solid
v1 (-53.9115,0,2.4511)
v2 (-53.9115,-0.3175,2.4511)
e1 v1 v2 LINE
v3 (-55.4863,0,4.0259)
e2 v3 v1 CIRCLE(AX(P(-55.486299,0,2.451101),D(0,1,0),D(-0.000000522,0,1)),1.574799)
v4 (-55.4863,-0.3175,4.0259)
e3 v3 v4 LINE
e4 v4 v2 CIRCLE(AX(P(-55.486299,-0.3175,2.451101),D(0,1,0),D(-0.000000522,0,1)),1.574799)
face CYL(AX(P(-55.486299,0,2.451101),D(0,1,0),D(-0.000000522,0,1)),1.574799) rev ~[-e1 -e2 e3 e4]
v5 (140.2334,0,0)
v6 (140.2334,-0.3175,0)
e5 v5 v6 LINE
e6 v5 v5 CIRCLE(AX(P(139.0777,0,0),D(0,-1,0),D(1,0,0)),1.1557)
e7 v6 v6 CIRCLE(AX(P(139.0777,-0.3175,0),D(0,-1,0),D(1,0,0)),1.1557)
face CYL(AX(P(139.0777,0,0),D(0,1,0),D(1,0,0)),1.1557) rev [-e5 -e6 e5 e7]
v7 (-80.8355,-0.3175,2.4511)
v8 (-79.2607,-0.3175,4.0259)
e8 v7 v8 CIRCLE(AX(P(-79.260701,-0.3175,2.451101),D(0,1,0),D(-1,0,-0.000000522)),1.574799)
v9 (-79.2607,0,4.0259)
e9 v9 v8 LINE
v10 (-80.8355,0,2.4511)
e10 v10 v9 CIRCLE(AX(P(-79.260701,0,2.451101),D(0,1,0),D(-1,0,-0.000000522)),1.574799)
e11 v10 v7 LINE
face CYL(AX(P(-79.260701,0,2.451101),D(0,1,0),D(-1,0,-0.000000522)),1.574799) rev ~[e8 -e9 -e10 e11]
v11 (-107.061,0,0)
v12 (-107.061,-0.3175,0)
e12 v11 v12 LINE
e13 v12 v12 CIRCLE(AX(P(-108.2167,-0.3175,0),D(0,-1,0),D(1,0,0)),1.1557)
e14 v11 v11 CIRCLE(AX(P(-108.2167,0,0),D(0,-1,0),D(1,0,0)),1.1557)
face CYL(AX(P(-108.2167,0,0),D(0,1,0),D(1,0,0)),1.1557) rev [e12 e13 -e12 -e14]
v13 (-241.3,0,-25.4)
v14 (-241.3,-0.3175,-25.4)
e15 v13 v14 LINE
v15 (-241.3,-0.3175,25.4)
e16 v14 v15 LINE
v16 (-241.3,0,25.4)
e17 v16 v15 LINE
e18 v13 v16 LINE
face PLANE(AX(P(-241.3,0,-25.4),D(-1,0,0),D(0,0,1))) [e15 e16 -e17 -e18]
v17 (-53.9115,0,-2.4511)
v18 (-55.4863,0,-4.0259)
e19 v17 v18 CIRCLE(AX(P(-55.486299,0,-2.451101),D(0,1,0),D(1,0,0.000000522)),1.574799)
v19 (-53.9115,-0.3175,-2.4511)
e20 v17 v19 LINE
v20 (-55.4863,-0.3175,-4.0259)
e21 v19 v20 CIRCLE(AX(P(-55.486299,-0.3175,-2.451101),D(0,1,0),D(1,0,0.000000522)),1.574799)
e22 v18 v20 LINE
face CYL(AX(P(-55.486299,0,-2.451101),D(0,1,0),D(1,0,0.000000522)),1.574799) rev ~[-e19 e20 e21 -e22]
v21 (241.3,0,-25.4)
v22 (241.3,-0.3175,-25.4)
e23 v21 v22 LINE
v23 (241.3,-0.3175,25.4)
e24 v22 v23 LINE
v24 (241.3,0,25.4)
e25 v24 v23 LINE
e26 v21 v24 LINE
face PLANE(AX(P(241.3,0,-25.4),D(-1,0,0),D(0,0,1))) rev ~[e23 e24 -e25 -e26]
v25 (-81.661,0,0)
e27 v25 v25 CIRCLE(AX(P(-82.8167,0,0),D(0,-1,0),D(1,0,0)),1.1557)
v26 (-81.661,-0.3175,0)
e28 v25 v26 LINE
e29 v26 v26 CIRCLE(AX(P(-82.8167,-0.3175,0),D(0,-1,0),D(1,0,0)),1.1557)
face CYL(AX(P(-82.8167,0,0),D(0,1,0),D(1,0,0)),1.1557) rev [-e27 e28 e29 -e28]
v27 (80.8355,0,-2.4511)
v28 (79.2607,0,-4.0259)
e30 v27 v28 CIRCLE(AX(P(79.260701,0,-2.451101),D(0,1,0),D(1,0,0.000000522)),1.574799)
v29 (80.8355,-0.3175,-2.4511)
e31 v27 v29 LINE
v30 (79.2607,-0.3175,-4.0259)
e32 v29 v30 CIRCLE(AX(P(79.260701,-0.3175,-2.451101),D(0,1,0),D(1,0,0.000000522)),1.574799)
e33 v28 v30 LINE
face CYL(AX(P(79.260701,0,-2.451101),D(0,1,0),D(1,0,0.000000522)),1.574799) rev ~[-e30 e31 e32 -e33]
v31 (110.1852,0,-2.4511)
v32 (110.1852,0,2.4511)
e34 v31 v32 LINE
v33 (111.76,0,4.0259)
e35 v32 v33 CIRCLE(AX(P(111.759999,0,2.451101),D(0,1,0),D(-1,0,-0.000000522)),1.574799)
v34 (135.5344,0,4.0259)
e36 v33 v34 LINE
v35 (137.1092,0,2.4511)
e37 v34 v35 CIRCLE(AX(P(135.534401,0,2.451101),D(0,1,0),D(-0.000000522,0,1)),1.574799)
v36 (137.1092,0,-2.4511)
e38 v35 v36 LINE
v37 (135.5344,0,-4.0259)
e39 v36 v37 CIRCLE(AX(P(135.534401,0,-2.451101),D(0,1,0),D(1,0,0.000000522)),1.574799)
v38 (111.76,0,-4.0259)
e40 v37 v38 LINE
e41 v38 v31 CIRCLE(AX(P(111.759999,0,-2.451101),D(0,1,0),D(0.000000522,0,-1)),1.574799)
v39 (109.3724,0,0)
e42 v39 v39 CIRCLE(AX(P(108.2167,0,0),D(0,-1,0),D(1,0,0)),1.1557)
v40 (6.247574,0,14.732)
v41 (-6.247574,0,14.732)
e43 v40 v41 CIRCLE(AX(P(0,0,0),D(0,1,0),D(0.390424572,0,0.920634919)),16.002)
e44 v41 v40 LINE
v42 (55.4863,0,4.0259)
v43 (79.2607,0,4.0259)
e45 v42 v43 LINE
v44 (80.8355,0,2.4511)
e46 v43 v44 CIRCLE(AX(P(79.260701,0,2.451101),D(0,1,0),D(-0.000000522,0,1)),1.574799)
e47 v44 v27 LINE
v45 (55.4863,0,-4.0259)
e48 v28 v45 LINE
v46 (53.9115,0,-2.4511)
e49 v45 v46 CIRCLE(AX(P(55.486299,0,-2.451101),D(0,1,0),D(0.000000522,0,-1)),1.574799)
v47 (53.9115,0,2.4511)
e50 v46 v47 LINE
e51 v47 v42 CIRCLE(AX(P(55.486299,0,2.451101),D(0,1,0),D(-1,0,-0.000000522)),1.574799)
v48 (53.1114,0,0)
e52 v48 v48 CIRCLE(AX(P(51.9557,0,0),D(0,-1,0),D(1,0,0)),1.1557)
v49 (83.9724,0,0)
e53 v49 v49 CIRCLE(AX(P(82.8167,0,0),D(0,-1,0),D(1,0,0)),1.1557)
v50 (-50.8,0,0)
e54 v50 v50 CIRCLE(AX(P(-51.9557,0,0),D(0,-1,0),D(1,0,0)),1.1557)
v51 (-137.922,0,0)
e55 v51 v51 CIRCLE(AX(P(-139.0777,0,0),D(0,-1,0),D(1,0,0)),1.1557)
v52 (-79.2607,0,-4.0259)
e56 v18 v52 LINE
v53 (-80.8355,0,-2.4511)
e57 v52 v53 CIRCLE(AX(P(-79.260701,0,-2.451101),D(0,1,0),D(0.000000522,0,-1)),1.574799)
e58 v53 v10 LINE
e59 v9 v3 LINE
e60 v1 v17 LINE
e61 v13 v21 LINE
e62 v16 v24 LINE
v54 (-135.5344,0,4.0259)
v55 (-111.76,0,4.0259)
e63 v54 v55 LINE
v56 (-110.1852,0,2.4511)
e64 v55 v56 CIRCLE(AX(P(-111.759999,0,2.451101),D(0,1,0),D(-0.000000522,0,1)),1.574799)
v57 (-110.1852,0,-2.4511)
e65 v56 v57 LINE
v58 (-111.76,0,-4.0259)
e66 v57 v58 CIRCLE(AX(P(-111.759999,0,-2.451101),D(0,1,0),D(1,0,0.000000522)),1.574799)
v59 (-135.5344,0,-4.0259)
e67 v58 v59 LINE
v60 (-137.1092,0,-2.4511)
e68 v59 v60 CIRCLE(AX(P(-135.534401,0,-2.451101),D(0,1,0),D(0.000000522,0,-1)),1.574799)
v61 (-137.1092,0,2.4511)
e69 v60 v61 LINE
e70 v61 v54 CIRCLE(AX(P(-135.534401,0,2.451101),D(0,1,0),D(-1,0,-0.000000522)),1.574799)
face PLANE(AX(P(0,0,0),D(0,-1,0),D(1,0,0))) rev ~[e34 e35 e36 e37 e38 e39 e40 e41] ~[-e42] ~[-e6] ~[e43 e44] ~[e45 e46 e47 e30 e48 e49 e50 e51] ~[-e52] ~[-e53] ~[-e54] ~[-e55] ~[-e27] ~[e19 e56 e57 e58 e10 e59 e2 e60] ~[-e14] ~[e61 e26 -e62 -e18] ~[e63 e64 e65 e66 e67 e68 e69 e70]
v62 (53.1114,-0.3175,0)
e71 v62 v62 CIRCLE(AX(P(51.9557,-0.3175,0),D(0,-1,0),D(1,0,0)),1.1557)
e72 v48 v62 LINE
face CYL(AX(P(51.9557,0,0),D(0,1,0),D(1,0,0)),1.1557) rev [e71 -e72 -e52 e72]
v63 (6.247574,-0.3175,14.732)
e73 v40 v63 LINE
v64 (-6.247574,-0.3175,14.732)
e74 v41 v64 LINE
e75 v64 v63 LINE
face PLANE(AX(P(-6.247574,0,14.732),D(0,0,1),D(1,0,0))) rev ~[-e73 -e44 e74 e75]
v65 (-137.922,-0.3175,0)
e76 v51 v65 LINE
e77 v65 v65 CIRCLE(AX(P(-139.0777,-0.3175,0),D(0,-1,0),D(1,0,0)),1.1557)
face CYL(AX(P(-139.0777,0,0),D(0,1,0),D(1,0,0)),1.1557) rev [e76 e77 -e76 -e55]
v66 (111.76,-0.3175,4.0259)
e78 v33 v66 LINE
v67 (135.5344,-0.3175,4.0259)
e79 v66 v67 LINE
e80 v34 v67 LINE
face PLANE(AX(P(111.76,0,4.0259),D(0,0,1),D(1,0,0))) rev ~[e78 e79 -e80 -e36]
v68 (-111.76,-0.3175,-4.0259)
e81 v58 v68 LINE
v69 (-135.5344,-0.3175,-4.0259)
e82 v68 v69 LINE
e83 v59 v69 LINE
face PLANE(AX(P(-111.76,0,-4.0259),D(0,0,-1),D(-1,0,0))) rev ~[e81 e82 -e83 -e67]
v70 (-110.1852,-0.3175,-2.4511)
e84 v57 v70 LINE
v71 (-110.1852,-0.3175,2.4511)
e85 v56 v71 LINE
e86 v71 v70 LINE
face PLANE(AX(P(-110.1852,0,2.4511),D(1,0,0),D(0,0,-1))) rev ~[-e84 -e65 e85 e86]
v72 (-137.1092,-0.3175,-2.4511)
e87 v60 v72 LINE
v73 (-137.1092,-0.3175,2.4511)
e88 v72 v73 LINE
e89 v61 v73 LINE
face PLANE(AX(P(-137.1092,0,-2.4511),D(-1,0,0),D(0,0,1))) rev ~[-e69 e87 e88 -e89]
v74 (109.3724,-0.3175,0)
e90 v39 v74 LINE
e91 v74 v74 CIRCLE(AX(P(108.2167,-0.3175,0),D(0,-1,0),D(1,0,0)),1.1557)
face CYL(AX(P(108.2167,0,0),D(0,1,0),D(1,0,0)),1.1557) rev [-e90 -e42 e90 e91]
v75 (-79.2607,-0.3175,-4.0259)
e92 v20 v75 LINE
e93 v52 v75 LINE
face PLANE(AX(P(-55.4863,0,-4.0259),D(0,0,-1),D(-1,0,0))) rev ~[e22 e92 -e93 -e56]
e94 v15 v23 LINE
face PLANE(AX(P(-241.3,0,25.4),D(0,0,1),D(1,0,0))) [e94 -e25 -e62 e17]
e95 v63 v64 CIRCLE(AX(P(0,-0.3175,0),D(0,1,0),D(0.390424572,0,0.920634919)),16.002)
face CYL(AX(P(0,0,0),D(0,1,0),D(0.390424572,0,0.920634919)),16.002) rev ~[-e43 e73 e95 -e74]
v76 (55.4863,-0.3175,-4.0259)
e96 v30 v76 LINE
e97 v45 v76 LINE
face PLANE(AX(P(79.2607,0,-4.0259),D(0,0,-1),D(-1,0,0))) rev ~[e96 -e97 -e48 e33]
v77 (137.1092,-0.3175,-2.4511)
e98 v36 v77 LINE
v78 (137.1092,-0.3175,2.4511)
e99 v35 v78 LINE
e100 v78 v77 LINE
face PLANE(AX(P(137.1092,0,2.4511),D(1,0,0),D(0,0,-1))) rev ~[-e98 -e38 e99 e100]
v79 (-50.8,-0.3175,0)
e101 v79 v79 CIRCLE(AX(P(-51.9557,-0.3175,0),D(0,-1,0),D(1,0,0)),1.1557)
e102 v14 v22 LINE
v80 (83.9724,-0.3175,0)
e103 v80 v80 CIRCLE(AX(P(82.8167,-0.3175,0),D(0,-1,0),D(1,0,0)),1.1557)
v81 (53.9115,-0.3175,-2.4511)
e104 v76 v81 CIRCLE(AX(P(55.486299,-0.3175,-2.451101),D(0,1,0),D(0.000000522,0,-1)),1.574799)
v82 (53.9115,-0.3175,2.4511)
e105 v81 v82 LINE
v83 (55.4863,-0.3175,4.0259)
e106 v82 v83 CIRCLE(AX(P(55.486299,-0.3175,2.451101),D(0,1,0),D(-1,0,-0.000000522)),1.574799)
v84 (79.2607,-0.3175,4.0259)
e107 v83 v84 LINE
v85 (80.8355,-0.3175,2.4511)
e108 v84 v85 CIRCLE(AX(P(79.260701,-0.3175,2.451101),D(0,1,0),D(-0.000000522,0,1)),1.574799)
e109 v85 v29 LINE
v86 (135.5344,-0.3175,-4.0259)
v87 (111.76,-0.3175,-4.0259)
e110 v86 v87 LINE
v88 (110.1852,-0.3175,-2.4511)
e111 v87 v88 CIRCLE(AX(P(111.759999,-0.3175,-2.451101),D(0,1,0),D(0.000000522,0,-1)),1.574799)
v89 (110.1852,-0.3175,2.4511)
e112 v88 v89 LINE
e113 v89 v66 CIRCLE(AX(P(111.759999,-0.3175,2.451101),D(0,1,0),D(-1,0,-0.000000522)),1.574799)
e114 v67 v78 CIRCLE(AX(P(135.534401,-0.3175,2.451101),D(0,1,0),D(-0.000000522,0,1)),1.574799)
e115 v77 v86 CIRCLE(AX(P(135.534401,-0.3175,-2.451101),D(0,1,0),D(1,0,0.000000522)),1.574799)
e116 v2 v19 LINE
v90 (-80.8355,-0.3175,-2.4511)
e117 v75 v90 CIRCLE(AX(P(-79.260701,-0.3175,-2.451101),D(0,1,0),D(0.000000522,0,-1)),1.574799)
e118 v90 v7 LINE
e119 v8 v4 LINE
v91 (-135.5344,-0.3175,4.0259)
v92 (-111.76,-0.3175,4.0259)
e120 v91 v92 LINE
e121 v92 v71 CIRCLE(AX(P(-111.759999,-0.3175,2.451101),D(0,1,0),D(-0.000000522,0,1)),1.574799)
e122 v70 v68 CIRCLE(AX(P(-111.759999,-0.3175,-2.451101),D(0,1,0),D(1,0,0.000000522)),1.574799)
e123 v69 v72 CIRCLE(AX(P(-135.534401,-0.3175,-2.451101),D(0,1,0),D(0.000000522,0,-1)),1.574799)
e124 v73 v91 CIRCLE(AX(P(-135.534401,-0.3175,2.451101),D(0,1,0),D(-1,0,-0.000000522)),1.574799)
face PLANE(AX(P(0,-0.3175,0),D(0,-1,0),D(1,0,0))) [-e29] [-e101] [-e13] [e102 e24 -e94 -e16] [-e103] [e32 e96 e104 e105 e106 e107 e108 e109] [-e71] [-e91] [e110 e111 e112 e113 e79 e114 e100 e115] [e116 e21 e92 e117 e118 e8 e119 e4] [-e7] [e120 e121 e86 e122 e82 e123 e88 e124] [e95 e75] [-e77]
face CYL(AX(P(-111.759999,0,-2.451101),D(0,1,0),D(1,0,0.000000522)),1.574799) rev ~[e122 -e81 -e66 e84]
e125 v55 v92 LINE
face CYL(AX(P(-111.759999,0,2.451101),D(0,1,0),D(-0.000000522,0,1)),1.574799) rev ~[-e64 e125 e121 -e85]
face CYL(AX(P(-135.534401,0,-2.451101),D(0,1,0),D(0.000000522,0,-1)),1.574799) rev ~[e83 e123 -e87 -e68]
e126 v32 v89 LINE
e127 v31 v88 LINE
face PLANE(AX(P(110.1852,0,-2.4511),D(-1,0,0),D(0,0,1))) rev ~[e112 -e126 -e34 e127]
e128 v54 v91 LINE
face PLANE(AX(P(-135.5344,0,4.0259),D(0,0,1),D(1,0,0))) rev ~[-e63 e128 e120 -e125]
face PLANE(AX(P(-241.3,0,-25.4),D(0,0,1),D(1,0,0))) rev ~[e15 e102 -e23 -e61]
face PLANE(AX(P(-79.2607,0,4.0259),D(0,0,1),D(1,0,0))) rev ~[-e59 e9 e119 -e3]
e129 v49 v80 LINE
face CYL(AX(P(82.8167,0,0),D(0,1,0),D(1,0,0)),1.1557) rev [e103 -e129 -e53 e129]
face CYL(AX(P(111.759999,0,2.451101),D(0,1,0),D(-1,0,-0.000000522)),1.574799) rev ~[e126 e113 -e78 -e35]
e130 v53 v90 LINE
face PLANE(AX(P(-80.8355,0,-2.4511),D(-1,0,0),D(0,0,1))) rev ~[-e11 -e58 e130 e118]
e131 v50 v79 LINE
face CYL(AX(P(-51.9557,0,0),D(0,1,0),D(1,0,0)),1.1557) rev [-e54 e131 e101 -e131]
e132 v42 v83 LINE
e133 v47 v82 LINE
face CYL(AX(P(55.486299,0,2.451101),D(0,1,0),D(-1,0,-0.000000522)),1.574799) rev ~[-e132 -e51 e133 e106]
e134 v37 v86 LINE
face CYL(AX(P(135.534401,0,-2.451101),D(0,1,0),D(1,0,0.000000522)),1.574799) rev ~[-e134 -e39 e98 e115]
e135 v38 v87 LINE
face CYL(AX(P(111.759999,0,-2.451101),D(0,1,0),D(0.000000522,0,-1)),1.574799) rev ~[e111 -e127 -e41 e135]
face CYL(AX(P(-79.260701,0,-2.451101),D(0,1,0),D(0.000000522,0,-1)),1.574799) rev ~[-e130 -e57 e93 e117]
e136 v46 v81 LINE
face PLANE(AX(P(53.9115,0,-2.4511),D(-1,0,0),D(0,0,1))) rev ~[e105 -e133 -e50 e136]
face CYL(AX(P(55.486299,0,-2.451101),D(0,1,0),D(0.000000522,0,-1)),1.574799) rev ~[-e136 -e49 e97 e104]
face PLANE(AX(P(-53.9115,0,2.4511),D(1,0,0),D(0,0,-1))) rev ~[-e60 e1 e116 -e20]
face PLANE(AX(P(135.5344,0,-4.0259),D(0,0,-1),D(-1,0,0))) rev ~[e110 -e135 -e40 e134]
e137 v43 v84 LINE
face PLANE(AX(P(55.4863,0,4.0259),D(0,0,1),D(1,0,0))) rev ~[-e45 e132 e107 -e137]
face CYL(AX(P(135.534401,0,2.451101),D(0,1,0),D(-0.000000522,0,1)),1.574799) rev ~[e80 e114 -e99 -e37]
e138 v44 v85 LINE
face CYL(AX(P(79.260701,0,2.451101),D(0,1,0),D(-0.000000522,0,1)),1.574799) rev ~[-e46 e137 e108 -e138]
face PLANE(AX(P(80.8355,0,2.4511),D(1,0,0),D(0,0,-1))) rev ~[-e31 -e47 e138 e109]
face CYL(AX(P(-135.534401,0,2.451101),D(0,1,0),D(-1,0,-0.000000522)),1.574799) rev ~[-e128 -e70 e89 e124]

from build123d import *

# Parameters (mm, degrees)
F0_W     = 482.6
F0_H     = 50.8
F0_R     = 1.1557
F1_DEPTH = 0.3175


with BuildPart() as f1:
    # F0 (on Front) → F1 (new body)
    with BuildSketch(Plane.XZ):
        Rectangle(F0_W, F0_H)
        with Locations((-139.0777, 0)):
            Circle(F0_R, mode=Mode.SUBTRACT)
        with BuildLine():
            ThreePointArc((-110.1852, -2.4511), (-110.646448, -3.564652), (-111.76, -4.0259))
            Line((-111.76, -4.0259), (-135.5344, -4.0259))
            ThreePointArc((-135.5344, -4.0259), (-136.647952, -3.564652), (-137.1092, -2.4511))
            Line((-137.1092, -2.4511), (-137.1092, 2.4511))
            ThreePointArc((-137.1092, 2.4511), (-136.647952, 3.564652), (-135.5344, 4.0259))
            Line((-135.5344, 4.0259), (-111.76, 4.0259))
            ThreePointArc((-111.76, 4.0259), (-110.646448, 3.564652), (-110.1852, 2.4511))
            Line((-110.1852, 2.4511), (-110.1852, -2.4511))
        make_face(mode=Mode.SUBTRACT)
        with Locations((-108.2167, 0)):
            Circle(F0_R, mode=Mode.SUBTRACT)
        with Locations((-82.8167, 0)):
            Circle(F0_R, mode=Mode.SUBTRACT)
        with BuildLine():
            Line((-79.2607, 4.0259), (-55.4863, 4.0259))
            ThreePointArc((-55.4863, 4.0259), (-54.372748, 3.564652), (-53.9115, 2.4511))
            Line((-53.9115, 2.4511), (-53.9115, -2.4511))
            ThreePointArc((-53.9115, -2.4511), (-54.372748, -3.564652), (-55.4863, -4.0259))
            Line((-55.4863, -4.0259), (-79.2607, -4.0259))
            ThreePointArc((-79.2607, -4.0259), (-80.374252, -3.564652), (-80.8355, -2.4511))
            Line((-80.8355, -2.4511), (-80.8355, 2.4511))
            ThreePointArc((-80.8355, 2.4511), (-80.374252, 3.564652), (-79.2607, 4.0259))
        make_face(mode=Mode.SUBTRACT)
        with Locations((-51.9557, 0)):
            Circle(F0_R, mode=Mode.SUBTRACT)
        with BuildLine():
            ThreePointArc((6.247574, 14.732), (0, -16.002), (-6.247574, 14.732))
            Line((-6.247574, 14.732), (6.247574, 14.732))
        make_face(mode=Mode.SUBTRACT)
        with Locations((51.9557, 0)):
            Circle(F0_R, mode=Mode.SUBTRACT)
        with BuildLine():
            Line((53.9115, -2.4511), (53.9115, 2.4511))
            ThreePointArc((53.9115, 2.4511), (54.372748, 3.564652), (55.4863, 4.0259))
            Line((55.4863, 4.0259), (79.2607, 4.0259))
            ThreePointArc((79.2607, 4.0259), (80.374252, 3.564652), (80.8355, 2.4511))
            Line((80.8355, 2.4511), (80.8355, -2.4511))
            ThreePointArc((80.8355, -2.4511), (80.374252, -3.564652), (79.2607, -4.0259))
            Line((79.2607, -4.0259), (55.4863, -4.0259))
            ThreePointArc((55.4863, -4.0259), (54.372748, -3.564652), (53.9115, -2.4511))
        make_face(mode=Mode.SUBTRACT)
        with Locations((82.8167, 0)):
            Circle(F0_R, mode=Mode.SUBTRACT)
        with Locations((108.2167, 0)):
            Circle(F0_R, mode=Mode.SUBTRACT)
        with BuildLine():
            Line((137.1092, 2.4511), (137.1092, -2.4511))
            ThreePointArc((137.1092, -2.4511), (136.647952, -3.564652), (135.5344, -4.0259))
            Line((135.5344, -4.0259), (111.76, -4.0259))
            ThreePointArc((111.76, -4.0259), (110.646448, -3.564652), (110.1852, -2.4511))
            Line((110.1852, -2.4511), (110.1852, 2.4511))
            ThreePointArc((110.1852, 2.4511), (110.646448, 3.564652), (111.76, 4.0259))
            Line((111.76, 4.0259), (135.5344, 4.0259))
            ThreePointArc((135.5344, 4.0259), (136.647952, 3.564652), (137.1092, 2.4511))
        make_face(mode=Mode.SUBTRACT)
        with Locations((139.0777, 0)):
            Circle(F0_R, mode=Mode.SUBTRACT)
    extrude(amount=F1_DEPTH)


solid = f1.part
